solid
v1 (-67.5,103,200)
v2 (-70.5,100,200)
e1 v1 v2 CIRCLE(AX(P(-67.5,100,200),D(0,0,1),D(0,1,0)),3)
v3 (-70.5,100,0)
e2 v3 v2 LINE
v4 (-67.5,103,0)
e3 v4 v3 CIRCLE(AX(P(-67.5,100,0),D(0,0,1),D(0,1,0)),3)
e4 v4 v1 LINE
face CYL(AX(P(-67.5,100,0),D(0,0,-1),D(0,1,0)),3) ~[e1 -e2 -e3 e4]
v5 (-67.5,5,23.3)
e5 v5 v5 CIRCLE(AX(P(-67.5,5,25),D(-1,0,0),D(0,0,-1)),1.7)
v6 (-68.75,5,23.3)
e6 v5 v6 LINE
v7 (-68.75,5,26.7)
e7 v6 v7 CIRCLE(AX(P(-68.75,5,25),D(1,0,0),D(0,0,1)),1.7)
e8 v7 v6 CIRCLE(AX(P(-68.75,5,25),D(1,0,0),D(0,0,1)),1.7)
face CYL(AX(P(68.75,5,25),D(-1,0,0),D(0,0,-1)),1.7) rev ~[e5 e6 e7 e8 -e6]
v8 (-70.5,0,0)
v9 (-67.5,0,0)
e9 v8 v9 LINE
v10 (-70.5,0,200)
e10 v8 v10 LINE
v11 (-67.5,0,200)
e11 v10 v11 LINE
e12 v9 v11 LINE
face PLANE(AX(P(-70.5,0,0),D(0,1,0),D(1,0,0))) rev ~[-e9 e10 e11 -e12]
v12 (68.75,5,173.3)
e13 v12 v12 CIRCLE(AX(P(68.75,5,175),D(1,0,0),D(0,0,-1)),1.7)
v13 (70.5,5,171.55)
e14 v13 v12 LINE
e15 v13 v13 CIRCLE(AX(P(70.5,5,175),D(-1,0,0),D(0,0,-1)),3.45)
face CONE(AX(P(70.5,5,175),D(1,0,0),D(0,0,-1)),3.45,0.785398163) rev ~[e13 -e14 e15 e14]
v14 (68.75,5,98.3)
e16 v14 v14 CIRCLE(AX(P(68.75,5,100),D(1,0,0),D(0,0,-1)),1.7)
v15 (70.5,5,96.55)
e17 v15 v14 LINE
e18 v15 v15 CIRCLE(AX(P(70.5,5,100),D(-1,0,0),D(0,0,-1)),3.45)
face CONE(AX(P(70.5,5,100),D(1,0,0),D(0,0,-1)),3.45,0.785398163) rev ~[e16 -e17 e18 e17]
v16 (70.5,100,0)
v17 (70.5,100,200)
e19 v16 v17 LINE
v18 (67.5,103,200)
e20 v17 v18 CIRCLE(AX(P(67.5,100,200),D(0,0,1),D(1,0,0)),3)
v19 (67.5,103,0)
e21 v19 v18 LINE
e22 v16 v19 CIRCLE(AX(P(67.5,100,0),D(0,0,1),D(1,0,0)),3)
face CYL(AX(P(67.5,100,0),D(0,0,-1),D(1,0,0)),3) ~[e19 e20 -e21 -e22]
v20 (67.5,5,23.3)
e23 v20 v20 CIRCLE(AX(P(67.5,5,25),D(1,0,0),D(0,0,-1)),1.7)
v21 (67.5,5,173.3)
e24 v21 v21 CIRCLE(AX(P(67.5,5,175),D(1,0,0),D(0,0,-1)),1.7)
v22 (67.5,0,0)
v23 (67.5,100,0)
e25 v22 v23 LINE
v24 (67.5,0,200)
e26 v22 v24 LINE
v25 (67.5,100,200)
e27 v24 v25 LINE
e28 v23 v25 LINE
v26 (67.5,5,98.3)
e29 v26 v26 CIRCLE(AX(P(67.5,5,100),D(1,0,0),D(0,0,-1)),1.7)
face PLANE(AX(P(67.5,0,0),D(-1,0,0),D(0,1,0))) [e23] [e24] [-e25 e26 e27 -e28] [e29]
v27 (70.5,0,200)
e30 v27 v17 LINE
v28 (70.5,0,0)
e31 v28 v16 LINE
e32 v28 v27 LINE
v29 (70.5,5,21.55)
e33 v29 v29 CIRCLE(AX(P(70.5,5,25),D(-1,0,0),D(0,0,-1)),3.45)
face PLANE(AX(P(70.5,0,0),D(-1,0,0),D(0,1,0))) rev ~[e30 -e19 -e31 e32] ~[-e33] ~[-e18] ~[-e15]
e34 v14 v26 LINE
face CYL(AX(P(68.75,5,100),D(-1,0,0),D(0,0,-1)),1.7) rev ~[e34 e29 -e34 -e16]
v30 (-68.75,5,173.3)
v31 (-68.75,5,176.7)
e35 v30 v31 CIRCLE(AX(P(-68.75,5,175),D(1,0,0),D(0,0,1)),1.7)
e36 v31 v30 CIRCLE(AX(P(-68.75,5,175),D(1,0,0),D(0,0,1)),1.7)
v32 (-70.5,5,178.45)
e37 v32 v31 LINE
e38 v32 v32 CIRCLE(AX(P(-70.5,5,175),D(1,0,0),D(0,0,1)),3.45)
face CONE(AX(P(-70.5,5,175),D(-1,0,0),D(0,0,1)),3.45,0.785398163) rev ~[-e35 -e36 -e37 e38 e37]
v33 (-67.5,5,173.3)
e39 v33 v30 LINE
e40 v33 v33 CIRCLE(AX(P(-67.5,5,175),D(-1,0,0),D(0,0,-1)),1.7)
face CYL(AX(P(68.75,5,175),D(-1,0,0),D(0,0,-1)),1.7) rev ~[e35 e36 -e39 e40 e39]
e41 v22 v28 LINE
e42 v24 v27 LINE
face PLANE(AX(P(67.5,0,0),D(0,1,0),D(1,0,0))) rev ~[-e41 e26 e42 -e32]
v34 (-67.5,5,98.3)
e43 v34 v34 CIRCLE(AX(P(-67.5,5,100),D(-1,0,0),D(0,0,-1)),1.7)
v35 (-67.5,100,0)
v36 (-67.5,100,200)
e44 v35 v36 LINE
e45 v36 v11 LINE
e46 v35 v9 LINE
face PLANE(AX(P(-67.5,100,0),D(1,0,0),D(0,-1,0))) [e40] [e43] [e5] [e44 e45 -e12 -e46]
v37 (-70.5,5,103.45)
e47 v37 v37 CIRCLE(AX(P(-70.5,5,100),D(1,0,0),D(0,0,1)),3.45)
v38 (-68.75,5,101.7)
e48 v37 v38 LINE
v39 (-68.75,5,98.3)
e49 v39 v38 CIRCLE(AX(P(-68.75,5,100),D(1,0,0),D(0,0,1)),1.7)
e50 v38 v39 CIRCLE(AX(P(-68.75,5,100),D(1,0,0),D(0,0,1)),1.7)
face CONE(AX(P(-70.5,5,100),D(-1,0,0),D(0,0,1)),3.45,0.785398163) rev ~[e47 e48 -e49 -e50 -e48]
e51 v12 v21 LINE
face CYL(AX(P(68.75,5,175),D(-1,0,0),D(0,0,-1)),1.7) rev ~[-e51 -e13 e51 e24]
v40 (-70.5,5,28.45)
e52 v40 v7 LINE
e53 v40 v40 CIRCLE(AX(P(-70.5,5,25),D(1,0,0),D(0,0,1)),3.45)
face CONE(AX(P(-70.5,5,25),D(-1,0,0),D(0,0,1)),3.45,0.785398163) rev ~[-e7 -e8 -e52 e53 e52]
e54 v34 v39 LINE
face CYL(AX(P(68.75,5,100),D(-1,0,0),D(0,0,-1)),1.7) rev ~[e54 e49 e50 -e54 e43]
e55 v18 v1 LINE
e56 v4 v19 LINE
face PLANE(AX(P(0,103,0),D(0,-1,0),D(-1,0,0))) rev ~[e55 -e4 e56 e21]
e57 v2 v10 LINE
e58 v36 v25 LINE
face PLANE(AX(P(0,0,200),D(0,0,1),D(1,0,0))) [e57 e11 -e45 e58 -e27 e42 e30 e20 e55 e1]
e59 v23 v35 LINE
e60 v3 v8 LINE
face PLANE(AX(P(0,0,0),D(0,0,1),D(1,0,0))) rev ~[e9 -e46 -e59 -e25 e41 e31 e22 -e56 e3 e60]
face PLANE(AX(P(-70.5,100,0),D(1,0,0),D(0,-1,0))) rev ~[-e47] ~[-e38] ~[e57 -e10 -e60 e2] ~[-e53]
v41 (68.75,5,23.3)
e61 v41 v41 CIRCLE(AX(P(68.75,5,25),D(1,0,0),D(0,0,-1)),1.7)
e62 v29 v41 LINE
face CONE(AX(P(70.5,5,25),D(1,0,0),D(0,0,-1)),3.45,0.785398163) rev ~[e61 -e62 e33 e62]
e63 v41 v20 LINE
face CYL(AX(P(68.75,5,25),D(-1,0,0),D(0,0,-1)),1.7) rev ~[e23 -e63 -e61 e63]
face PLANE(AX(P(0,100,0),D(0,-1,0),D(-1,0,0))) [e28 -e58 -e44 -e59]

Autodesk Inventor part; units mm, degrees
ref_plane "YZ Plane" through (0, 0, 0) normal (1, 0, 0) x (0, 1, 0)
ref_plane "XZ Plane" through (0, 0, 0) normal (0, 1, 0) x (-1, 0, 0)
ref_plane "XY Plane" through (0, 0, 0) normal (0, 0, 1) x (1, 0, 0)
sketch "Skizze1" plane through (0, 0, 0) normal (0, 0, 1) x (1, 0, 0)
  line L0 (-99.5698, 0) -> (99.5698, 0) projected
  line L1 (0, -20.7243) -> (0, 124.3456) projected
  line L2 (67.5, 0) -> (67.5, 100)
  line L3 (67.5, 100) -> (-67.5, 100)
  line L4 (-67.5, 100) -> (-67.5, 0)
  line L5 (67.5, 0) -> (70.5, 0)
  line L6 (70.5, 0) -> (70.5, 100)
  line L7 (67.5, 103) -> (-67.5, 103)
  line L8 (-70.5, 100) -> (-70.5, 0)
  line L9 (-70.5, 0) -> (-67.5, 0)
  arc A0 (-67.5, 103) -> (-70.5, 100) centre (-67.5, 100) ccw
  arc A1 (70.5, 100) -> (67.5, 103) centre (67.5, 100) ccw
  point P0 (0, 0)
  dimension "d0" = 135
  dimension "d1" = 3
  dimension "d2" = 100
  dimension "d3" = 3
  dimension "d4" = 3
extrude "Extrusion1" add sketch "Skizze1" along normal blind 200 contours L8 A0 L7 L1 L3 L4 L0 | L2 L3 L1 L7 A1 L6 L0
sketch "Skizze2" plane through (70.5, 0, 0) normal (1, 0, 0) x (0, 0, -1)
  line L0 (-200, 100) -> (-200, 0) projected
  line L1 (0, 0) -> (-200, 0) projected
  line L2 (0, 0) -> (0, 100) projected
  line L3 (0, 100) -> (-200, 100) projected
  line L4 (-200, 5) -> (0, 5)
  line L5 (-100, 100) -> (-100, 0)
  point P0 (-175, 5)
  point P1 (-25, 5)
  point P2 (-100, 5)
  dimension "d7" = 5
  dimension "d8" = 25
  dimension "d9" = 25
hole "Bohrung1" at (70.5, 5, 175) at (70.5, 5, 25) at (70.5, 5, 100) direction (-1, 0, 0) diameter 3.4 end through all countersink diameter 6.9 countersink angle 90
sketch "Skizze3" plane through (-70.5, 0, 0) normal (-1, 0, 0) x (0, 0, 1)
  circle A0 centre (100, 5) radius 1.7 projected
  circle A1 centre (25, 5) radius 1.7 projected
  circle A2 centre (175, 5) radius 1.7 projected
  point P0 (25, 5)
  point P1 (100, 5)
  point P2 (175, 5)
hole "Bohrung2" at (-70.5, 5, 25) at (-70.5, 5, 100) at (-70.5, 5, 175) direction (1, 0, 0) diameter 3.4 end through all countersink diameter 6.9 countersink angle 90
properties part number "13_0204_059"
